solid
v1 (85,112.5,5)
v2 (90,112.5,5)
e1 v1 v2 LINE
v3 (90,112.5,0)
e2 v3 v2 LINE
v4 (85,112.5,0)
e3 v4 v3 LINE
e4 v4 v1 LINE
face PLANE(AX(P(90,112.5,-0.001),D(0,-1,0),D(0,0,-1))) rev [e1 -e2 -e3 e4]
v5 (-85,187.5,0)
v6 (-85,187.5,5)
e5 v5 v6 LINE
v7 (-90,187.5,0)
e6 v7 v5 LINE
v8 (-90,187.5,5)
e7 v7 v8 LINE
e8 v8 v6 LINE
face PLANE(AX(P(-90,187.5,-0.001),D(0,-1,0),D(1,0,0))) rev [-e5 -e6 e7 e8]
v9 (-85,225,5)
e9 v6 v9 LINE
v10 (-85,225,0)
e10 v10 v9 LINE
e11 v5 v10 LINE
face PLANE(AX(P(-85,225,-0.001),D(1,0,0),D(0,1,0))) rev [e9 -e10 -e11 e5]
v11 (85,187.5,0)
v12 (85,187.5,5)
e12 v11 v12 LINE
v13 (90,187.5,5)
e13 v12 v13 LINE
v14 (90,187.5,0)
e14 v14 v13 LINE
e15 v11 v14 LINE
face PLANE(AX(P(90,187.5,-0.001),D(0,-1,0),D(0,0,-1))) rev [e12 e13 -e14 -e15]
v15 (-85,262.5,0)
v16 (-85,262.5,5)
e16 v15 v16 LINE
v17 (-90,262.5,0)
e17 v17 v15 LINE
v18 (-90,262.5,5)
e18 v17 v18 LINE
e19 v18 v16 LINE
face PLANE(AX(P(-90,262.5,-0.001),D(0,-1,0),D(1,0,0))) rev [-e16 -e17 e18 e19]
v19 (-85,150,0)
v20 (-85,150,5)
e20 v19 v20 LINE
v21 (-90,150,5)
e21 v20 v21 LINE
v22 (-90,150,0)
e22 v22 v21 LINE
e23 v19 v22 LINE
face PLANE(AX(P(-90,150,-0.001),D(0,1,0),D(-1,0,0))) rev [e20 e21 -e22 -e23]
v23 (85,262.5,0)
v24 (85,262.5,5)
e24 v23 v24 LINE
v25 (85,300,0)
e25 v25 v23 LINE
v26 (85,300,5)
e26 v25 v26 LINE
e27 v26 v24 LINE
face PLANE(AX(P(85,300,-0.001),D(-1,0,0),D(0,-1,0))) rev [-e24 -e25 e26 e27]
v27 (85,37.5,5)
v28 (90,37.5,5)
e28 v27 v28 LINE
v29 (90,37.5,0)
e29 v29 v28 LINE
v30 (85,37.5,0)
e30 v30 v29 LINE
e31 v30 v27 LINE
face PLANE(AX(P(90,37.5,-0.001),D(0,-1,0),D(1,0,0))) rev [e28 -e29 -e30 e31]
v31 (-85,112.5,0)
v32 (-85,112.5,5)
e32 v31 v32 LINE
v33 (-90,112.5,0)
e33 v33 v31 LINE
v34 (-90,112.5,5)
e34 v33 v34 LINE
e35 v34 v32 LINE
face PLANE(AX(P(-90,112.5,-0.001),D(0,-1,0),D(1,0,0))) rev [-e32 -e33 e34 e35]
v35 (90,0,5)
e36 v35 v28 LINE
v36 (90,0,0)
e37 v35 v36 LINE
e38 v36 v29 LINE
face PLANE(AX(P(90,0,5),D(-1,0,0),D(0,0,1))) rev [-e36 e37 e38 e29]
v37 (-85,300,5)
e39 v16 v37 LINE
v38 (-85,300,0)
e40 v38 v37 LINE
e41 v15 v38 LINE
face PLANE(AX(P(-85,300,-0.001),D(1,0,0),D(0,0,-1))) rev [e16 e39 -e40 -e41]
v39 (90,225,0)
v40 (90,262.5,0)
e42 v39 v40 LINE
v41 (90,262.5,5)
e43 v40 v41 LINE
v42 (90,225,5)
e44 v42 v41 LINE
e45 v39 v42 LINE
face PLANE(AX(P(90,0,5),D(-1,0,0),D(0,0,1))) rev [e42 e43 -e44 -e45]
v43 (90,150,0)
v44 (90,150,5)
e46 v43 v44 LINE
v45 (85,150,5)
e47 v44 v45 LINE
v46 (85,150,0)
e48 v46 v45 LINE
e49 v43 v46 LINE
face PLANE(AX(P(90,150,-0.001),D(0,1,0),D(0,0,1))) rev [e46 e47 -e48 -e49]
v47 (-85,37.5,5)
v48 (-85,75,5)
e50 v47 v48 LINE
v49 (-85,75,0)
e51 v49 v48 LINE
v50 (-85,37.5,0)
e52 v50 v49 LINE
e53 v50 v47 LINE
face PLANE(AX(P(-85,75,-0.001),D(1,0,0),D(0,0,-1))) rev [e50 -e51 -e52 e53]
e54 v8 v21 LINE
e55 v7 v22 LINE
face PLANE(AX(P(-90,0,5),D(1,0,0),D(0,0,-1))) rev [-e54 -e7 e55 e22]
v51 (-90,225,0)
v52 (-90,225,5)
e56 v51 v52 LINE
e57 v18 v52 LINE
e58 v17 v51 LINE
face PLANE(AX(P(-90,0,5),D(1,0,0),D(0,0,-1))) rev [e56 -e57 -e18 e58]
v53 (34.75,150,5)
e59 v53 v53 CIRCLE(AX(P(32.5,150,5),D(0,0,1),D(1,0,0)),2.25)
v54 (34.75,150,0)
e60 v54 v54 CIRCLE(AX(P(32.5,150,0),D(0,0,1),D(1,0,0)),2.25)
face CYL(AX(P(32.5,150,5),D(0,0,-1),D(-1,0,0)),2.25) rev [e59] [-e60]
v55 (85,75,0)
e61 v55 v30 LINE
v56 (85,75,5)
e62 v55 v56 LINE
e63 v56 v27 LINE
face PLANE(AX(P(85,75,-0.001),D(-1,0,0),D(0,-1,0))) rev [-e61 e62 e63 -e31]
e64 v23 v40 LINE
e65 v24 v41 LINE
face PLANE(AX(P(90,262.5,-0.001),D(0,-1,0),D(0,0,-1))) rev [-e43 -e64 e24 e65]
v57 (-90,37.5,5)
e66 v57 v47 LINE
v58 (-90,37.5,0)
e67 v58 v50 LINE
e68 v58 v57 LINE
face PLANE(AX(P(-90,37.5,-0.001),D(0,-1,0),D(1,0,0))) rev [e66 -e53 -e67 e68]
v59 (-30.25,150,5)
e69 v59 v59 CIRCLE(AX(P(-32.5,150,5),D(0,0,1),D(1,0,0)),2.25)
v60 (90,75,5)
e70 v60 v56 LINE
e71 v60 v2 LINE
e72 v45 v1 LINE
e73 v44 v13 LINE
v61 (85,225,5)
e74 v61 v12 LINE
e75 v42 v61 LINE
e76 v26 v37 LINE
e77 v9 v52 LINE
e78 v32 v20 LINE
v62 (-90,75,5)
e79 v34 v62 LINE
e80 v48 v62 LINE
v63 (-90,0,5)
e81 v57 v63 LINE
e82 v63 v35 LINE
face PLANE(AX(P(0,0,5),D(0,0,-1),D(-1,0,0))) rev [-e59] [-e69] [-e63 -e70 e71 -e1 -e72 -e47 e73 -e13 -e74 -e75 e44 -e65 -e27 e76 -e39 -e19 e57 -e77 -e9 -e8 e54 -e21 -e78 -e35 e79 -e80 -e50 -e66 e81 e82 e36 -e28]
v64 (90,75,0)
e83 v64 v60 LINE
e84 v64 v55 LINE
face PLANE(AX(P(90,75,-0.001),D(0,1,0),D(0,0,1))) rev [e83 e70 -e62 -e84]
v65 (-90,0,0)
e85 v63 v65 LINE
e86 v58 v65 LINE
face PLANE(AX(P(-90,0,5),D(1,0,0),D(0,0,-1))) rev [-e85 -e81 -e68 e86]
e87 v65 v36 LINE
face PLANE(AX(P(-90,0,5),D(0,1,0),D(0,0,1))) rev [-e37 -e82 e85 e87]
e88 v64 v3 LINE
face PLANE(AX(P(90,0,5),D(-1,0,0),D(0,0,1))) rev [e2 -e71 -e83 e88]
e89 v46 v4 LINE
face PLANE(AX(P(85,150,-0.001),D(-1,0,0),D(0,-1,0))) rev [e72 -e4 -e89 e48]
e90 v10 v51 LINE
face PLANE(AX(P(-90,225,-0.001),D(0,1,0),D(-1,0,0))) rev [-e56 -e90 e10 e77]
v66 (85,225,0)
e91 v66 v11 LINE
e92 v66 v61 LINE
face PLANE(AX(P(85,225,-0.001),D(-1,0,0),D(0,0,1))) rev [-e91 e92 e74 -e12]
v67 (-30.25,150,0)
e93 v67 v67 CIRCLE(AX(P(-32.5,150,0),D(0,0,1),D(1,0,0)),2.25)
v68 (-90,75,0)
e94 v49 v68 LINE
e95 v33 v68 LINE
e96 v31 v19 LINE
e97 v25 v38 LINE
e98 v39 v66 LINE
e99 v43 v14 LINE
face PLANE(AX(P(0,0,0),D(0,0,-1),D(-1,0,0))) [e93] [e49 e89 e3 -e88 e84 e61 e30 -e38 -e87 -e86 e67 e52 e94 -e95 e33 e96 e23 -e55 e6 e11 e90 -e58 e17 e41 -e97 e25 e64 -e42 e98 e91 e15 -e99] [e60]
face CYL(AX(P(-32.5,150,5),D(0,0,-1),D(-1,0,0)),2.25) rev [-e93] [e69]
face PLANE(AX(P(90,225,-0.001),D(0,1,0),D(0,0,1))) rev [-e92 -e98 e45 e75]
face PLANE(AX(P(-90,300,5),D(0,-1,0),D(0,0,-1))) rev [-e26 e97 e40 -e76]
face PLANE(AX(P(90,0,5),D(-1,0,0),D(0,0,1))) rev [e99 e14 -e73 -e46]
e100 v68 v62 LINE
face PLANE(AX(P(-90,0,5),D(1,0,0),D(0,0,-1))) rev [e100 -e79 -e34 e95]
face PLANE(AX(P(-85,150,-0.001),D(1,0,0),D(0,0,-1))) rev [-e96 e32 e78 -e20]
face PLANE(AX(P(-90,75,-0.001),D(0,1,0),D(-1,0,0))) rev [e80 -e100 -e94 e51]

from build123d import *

# Parameters (mm, degrees)
SKETCH1_W           = 180
SKETCH1_H           = 300
SKETCH1_R           = 2.25
BOSS_EXTRUDE1_DEPTH = 5
CUT_EXTRUDE1_REACH  = 315.249
SKETCH2_W           = 5
SKETCH2_H           = 37.5


with BuildPart() as part:
    # Sketch1 → Boss-Extrude1 (new body)
    with BuildSketch(Plane.XY):
        with Locations((0, 150)):
            Rectangle(SKETCH1_W, SKETCH1_H)
        with Locations((-32.5, 150)):
            Circle(SKETCH1_R, mode=Mode.SUBTRACT)
        with Locations((32.5, 150)):
            Circle(SKETCH1_R, mode=Mode.SUBTRACT)
    extrude(amount=BOSS_EXTRUDE1_DEPTH)

    # Sketch2 → Cut-Extrude1 (cut, up to next)
    with BuildSketch(Plane.XY.offset(5), mode=Mode.PRIVATE) as cut_extrude1_sk1:
        with Locations((-87.5, 281.25)):
            Rectangle(SKETCH2_W, SKETCH2_H)
    cut_extrude1_tool1 = extrude(cut_extrude1_sk1.sketch, amount=-CUT_EXTRUDE1_REACH, mode=Mode.PRIVATE) & part.part
    # Sketch2 → Cut-Extrude1 (cut, up to next)
    with BuildSketch(Plane.XY.offset(5), mode=Mode.PRIVATE) as cut_extrude1_sk2:
        with Locations((-87.5, 206.25)):
            Rectangle(SKETCH2_W, SKETCH2_H)
    cut_extrude1_tool2 = extrude(cut_extrude1_sk2.sketch, amount=-CUT_EXTRUDE1_REACH, mode=Mode.PRIVATE) & part.part
    # Sketch2 → Cut-Extrude1 (cut, up to next)
    with BuildSketch(Plane.XY.offset(5), mode=Mode.PRIVATE) as cut_extrude1_sk3:
        with Locations((-87.5, 131.25)):
            Rectangle(SKETCH2_W, SKETCH2_H)
    cut_extrude1_tool3 = extrude(cut_extrude1_sk3.sketch, amount=-CUT_EXTRUDE1_REACH, mode=Mode.PRIVATE) & part.part
    # Sketch2 → Cut-Extrude1 (cut, up to next)
    with BuildSketch(Plane.XY.offset(5), mode=Mode.PRIVATE) as cut_extrude1_sk4:
        with Locations((-87.5, 56.25)):
            Rectangle(SKETCH2_W, SKETCH2_H)
    cut_extrude1_tool4 = extrude(cut_extrude1_sk4.sketch, amount=-CUT_EXTRUDE1_REACH, mode=Mode.PRIVATE) & part.part
    # Sketch2 → Cut-Extrude1 (cut, up to next)
    with BuildSketch(Plane.XY.offset(5), mode=Mode.PRIVATE) as cut_extrude1_sk5:
        with Locations((87.5, 281.25)):
            Rectangle(SKETCH2_W, SKETCH2_H)
    cut_extrude1_tool5 = extrude(cut_extrude1_sk5.sketch, amount=-CUT_EXTRUDE1_REACH, mode=Mode.PRIVATE) & part.part
    # Sketch2 → Cut-Extrude1 (cut, up to next)
    with BuildSketch(Plane.XY.offset(5), mode=Mode.PRIVATE) as cut_extrude1_sk6:
        with Locations((87.5, 206.25)):
            Rectangle(SKETCH2_W, SKETCH2_H)
    cut_extrude1_tool6 = extrude(cut_extrude1_sk6.sketch, amount=-CUT_EXTRUDE1_REACH, mode=Mode.PRIVATE) & part.part
    # Sketch2 → Cut-Extrude1 (cut, up to next)
    with BuildSketch(Plane.XY.offset(5), mode=Mode.PRIVATE) as cut_extrude1_sk7:
        with Locations((87.5, 131.25)):
            Rectangle(SKETCH2_W, SKETCH2_H)
    cut_extrude1_tool7 = extrude(cut_extrude1_sk7.sketch, amount=-CUT_EXTRUDE1_REACH, mode=Mode.PRIVATE) & part.part
    # Sketch2 → Cut-Extrude1 (cut, up to next)
    with BuildSketch(Plane.XY.offset(5), mode=Mode.PRIVATE) as cut_extrude1_sk8:
        with Locations((87.5, 56.25)):
            Rectangle(SKETCH2_W, SKETCH2_H)
    cut_extrude1_tool8 = extrude(cut_extrude1_sk8.sketch, amount=-CUT_EXTRUDE1_REACH, mode=Mode.PRIVATE) & part.part
    add(cut_extrude1_tool1.solids().sort_by_distance((-87.5, 281.25, 5))[0], mode=Mode.SUBTRACT)
    add(cut_extrude1_tool2.solids().sort_by_distance((-87.5, 206.25, 5))[0], mode=Mode.SUBTRACT)
    add(cut_extrude1_tool3.solids().sort_by_distance((-87.5, 131.25, 5))[0], mode=Mode.SUBTRACT)
    add(cut_extrude1_tool4.solids().sort_by_distance((-87.5, 56.25, 5))[0], mode=Mode.SUBTRACT)
    add(cut_extrude1_tool5.solids().sort_by_distance((87.5, 281.25, 5))[0], mode=Mode.SUBTRACT)
    add(cut_extrude1_tool6.solids().sort_by_distance((87.5, 206.25, 5))[0], mode=Mode.SUBTRACT)
    add(cut_extrude1_tool7.solids().sort_by_distance((87.5, 131.25, 5))[0], mode=Mode.SUBTRACT)
    add(cut_extrude1_tool8.solids().sort_by_distance((87.5, 56.25, 5))[0], mode=Mode.SUBTRACT)


solid = part.part
